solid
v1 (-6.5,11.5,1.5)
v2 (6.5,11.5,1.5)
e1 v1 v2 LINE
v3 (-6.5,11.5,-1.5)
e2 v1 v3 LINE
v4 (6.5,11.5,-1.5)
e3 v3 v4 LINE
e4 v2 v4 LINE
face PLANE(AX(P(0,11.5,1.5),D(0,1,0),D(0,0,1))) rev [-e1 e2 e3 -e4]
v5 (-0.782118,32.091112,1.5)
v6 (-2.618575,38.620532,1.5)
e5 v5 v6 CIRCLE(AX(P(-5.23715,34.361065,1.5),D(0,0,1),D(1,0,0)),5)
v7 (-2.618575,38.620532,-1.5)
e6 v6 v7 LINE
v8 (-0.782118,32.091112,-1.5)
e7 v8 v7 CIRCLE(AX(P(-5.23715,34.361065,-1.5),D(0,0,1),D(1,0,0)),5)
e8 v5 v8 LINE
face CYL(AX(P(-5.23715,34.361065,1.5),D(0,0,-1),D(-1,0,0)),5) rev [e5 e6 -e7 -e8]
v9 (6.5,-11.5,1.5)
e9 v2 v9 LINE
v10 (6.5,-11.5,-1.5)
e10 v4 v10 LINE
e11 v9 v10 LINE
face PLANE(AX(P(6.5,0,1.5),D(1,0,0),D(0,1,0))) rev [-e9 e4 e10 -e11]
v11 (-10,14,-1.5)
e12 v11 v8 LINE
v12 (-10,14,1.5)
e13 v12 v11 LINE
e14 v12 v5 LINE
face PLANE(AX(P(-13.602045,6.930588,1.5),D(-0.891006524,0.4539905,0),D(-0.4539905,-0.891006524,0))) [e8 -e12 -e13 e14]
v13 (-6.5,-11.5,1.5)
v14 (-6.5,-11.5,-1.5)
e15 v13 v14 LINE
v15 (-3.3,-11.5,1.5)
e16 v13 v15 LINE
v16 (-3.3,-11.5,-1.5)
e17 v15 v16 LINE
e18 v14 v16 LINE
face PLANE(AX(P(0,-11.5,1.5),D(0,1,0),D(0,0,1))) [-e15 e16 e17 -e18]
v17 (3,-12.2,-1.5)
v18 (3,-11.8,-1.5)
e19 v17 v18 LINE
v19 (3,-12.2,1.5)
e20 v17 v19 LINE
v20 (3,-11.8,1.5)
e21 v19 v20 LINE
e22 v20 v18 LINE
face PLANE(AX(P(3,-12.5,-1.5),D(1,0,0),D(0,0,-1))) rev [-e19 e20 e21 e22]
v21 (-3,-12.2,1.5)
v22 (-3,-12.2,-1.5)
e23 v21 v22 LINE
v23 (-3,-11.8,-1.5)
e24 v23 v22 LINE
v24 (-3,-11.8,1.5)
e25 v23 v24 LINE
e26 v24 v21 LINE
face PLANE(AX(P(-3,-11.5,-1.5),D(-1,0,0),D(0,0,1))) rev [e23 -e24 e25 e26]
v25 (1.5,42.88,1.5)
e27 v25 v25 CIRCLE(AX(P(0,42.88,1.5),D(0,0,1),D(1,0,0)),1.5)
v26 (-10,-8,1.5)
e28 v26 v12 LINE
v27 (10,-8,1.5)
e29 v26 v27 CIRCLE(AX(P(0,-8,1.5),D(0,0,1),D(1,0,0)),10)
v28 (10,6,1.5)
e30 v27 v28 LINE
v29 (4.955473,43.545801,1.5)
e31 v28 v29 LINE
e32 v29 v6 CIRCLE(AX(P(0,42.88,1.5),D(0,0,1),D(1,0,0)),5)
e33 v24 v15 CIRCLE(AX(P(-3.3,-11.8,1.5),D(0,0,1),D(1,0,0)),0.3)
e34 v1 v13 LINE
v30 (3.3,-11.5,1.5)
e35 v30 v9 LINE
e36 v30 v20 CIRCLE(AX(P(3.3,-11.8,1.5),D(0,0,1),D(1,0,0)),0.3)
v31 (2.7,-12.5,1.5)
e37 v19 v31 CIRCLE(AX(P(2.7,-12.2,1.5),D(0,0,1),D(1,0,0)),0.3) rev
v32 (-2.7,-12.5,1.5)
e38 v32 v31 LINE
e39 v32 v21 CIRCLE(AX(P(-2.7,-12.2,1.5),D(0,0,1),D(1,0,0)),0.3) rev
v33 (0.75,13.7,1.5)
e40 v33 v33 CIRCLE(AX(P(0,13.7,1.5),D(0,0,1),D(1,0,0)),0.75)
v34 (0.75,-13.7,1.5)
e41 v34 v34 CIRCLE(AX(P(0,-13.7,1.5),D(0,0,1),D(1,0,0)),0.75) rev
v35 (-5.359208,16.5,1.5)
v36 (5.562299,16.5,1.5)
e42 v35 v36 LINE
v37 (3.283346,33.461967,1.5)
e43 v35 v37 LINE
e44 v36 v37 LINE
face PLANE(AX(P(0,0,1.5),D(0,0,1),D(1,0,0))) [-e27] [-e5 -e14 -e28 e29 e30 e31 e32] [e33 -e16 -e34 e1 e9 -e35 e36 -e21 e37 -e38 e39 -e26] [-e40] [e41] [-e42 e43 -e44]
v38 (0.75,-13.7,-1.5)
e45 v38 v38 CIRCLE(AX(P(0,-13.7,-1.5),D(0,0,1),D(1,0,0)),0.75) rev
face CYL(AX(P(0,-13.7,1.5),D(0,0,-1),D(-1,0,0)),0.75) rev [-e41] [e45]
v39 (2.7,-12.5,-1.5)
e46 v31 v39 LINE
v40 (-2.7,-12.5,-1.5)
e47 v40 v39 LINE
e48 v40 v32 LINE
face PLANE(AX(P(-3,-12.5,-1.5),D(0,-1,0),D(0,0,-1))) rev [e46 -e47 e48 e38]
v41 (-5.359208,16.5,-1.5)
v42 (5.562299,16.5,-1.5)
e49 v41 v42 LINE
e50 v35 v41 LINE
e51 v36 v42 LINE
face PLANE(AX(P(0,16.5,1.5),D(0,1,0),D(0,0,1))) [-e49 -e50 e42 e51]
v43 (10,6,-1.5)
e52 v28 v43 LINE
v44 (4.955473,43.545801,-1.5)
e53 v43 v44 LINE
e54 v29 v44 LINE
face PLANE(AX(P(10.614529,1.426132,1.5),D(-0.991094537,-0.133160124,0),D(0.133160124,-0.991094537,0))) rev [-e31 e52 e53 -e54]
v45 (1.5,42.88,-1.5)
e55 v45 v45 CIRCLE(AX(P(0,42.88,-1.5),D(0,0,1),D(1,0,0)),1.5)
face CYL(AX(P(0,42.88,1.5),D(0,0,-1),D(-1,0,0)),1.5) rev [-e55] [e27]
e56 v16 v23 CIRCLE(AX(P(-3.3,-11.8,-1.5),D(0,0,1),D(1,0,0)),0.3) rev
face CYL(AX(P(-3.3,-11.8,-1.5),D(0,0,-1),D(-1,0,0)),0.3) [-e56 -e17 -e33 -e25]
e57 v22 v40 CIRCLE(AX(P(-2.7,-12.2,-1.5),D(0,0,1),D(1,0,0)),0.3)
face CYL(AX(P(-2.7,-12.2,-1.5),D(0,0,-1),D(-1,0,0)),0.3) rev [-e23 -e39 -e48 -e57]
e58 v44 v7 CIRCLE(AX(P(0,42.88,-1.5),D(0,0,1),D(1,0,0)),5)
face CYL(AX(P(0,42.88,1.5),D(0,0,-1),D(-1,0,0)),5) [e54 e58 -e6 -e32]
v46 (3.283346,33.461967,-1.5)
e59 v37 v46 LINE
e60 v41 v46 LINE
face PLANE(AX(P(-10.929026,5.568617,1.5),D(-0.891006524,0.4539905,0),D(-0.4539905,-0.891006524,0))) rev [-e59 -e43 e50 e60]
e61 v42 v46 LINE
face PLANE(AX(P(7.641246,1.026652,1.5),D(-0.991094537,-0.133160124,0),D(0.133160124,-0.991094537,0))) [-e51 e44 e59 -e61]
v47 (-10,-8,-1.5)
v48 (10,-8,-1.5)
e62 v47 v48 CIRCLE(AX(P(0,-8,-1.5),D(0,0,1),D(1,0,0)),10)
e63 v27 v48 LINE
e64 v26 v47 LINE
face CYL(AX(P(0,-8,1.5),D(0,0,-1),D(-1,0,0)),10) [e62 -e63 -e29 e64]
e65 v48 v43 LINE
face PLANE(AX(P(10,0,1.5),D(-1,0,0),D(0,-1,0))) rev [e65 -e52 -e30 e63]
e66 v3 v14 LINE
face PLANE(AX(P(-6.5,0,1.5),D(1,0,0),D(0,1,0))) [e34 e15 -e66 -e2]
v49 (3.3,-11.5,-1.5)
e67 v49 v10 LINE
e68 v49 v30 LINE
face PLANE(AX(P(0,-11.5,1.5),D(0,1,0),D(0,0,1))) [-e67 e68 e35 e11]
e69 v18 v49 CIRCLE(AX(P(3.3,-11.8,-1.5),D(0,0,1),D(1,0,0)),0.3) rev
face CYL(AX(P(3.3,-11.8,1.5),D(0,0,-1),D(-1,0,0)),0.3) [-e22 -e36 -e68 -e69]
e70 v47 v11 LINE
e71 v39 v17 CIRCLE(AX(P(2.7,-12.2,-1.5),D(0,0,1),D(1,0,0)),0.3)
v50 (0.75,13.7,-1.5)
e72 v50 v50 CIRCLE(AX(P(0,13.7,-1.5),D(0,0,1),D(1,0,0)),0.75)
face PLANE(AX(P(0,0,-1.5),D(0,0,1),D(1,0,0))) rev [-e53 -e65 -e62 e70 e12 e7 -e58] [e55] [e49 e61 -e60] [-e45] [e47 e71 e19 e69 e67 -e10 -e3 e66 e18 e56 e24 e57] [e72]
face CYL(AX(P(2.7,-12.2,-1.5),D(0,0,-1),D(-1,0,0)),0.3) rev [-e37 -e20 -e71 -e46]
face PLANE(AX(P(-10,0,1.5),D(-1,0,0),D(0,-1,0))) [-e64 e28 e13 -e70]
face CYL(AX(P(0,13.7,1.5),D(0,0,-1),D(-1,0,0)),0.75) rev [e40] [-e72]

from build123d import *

# Parameters (mm, degrees)
SKETCH_1_R          = 0.75
SKETCH_1_W          = 13
SKETCH_1_H          = 23
SKETCH_1_R_2        = 1.5
EXTRUDE_1_DEPTH     = 1.5
SKETCH_2_W          = 6
SKETCH_2_H          = 1
CUT_EXTRUDE_1_DEPTH = 3
FILLET_1_R          = 0.3


with BuildPart() as part:
    # 草图1 → 凸台-拉伸1 (new body, symmetric)
    with BuildSketch(Plane.XY):
        with BuildLine():
            ThreePointArc((-10, -8), (0, -18), (10, -8))
            Line((10, -8), (10, 6))
            Line((10, 6), (4.955472685, 43.54580062))
            ThreePointArc((4.955472685, 43.54580062), (-2.725773115, 47.071677579), (-2.618575221, 38.62053245))
            ThreePointArc((-2.618575221, 38.62053245), (-0.423906888, 35.714832413), (-0.782117822, 32.091112401))
            Line((-0.782117822, 32.091112401), (-10, 14))
            Line((-10, 14), (-10, -8))
        make_face()
        with Locations((0, -13.7)):
            Circle(SKETCH_1_R, mode=Mode.SUBTRACT)
        Rectangle(SKETCH_1_W, SKETCH_1_H, mode=Mode.SUBTRACT)
        with Locations((0, 13.7)):
            Circle(SKETCH_1_R, mode=Mode.SUBTRACT)
        with Locations((0, 42.88)):
            Circle(SKETCH_1_R_2, mode=Mode.SUBTRACT)
        Polygon((5.562298916, 16.5), (-5.359207663, 16.5), (3.283346167, 33.461966942), align=None, mode=Mode.SUBTRACT)
    extrude(amount=EXTRUDE_1_DEPTH, both=True)

    # 草图2 → 切除-拉伸1 (cut)
    with BuildSketch(Plane.XY.offset(1.5)):
        with Locations((0, -12)):
            Rectangle(SKETCH_2_W, SKETCH_2_H)
    extrude(amount=-CUT_EXTRUDE_1_DEPTH, mode=Mode.SUBTRACT)

    # 圆角1
    fillet_1_edges = [part.edges().sort_by_distance(p)[0] for p in [
        (-3, -11.5, 0),
        (3, -11.5, 0),
        (3, -12.5, 0),
        (-3, -12.5, 0),
    ]]
    fillet(fillet_1_edges, radius=FILLET_1_R)


solid = part.part
